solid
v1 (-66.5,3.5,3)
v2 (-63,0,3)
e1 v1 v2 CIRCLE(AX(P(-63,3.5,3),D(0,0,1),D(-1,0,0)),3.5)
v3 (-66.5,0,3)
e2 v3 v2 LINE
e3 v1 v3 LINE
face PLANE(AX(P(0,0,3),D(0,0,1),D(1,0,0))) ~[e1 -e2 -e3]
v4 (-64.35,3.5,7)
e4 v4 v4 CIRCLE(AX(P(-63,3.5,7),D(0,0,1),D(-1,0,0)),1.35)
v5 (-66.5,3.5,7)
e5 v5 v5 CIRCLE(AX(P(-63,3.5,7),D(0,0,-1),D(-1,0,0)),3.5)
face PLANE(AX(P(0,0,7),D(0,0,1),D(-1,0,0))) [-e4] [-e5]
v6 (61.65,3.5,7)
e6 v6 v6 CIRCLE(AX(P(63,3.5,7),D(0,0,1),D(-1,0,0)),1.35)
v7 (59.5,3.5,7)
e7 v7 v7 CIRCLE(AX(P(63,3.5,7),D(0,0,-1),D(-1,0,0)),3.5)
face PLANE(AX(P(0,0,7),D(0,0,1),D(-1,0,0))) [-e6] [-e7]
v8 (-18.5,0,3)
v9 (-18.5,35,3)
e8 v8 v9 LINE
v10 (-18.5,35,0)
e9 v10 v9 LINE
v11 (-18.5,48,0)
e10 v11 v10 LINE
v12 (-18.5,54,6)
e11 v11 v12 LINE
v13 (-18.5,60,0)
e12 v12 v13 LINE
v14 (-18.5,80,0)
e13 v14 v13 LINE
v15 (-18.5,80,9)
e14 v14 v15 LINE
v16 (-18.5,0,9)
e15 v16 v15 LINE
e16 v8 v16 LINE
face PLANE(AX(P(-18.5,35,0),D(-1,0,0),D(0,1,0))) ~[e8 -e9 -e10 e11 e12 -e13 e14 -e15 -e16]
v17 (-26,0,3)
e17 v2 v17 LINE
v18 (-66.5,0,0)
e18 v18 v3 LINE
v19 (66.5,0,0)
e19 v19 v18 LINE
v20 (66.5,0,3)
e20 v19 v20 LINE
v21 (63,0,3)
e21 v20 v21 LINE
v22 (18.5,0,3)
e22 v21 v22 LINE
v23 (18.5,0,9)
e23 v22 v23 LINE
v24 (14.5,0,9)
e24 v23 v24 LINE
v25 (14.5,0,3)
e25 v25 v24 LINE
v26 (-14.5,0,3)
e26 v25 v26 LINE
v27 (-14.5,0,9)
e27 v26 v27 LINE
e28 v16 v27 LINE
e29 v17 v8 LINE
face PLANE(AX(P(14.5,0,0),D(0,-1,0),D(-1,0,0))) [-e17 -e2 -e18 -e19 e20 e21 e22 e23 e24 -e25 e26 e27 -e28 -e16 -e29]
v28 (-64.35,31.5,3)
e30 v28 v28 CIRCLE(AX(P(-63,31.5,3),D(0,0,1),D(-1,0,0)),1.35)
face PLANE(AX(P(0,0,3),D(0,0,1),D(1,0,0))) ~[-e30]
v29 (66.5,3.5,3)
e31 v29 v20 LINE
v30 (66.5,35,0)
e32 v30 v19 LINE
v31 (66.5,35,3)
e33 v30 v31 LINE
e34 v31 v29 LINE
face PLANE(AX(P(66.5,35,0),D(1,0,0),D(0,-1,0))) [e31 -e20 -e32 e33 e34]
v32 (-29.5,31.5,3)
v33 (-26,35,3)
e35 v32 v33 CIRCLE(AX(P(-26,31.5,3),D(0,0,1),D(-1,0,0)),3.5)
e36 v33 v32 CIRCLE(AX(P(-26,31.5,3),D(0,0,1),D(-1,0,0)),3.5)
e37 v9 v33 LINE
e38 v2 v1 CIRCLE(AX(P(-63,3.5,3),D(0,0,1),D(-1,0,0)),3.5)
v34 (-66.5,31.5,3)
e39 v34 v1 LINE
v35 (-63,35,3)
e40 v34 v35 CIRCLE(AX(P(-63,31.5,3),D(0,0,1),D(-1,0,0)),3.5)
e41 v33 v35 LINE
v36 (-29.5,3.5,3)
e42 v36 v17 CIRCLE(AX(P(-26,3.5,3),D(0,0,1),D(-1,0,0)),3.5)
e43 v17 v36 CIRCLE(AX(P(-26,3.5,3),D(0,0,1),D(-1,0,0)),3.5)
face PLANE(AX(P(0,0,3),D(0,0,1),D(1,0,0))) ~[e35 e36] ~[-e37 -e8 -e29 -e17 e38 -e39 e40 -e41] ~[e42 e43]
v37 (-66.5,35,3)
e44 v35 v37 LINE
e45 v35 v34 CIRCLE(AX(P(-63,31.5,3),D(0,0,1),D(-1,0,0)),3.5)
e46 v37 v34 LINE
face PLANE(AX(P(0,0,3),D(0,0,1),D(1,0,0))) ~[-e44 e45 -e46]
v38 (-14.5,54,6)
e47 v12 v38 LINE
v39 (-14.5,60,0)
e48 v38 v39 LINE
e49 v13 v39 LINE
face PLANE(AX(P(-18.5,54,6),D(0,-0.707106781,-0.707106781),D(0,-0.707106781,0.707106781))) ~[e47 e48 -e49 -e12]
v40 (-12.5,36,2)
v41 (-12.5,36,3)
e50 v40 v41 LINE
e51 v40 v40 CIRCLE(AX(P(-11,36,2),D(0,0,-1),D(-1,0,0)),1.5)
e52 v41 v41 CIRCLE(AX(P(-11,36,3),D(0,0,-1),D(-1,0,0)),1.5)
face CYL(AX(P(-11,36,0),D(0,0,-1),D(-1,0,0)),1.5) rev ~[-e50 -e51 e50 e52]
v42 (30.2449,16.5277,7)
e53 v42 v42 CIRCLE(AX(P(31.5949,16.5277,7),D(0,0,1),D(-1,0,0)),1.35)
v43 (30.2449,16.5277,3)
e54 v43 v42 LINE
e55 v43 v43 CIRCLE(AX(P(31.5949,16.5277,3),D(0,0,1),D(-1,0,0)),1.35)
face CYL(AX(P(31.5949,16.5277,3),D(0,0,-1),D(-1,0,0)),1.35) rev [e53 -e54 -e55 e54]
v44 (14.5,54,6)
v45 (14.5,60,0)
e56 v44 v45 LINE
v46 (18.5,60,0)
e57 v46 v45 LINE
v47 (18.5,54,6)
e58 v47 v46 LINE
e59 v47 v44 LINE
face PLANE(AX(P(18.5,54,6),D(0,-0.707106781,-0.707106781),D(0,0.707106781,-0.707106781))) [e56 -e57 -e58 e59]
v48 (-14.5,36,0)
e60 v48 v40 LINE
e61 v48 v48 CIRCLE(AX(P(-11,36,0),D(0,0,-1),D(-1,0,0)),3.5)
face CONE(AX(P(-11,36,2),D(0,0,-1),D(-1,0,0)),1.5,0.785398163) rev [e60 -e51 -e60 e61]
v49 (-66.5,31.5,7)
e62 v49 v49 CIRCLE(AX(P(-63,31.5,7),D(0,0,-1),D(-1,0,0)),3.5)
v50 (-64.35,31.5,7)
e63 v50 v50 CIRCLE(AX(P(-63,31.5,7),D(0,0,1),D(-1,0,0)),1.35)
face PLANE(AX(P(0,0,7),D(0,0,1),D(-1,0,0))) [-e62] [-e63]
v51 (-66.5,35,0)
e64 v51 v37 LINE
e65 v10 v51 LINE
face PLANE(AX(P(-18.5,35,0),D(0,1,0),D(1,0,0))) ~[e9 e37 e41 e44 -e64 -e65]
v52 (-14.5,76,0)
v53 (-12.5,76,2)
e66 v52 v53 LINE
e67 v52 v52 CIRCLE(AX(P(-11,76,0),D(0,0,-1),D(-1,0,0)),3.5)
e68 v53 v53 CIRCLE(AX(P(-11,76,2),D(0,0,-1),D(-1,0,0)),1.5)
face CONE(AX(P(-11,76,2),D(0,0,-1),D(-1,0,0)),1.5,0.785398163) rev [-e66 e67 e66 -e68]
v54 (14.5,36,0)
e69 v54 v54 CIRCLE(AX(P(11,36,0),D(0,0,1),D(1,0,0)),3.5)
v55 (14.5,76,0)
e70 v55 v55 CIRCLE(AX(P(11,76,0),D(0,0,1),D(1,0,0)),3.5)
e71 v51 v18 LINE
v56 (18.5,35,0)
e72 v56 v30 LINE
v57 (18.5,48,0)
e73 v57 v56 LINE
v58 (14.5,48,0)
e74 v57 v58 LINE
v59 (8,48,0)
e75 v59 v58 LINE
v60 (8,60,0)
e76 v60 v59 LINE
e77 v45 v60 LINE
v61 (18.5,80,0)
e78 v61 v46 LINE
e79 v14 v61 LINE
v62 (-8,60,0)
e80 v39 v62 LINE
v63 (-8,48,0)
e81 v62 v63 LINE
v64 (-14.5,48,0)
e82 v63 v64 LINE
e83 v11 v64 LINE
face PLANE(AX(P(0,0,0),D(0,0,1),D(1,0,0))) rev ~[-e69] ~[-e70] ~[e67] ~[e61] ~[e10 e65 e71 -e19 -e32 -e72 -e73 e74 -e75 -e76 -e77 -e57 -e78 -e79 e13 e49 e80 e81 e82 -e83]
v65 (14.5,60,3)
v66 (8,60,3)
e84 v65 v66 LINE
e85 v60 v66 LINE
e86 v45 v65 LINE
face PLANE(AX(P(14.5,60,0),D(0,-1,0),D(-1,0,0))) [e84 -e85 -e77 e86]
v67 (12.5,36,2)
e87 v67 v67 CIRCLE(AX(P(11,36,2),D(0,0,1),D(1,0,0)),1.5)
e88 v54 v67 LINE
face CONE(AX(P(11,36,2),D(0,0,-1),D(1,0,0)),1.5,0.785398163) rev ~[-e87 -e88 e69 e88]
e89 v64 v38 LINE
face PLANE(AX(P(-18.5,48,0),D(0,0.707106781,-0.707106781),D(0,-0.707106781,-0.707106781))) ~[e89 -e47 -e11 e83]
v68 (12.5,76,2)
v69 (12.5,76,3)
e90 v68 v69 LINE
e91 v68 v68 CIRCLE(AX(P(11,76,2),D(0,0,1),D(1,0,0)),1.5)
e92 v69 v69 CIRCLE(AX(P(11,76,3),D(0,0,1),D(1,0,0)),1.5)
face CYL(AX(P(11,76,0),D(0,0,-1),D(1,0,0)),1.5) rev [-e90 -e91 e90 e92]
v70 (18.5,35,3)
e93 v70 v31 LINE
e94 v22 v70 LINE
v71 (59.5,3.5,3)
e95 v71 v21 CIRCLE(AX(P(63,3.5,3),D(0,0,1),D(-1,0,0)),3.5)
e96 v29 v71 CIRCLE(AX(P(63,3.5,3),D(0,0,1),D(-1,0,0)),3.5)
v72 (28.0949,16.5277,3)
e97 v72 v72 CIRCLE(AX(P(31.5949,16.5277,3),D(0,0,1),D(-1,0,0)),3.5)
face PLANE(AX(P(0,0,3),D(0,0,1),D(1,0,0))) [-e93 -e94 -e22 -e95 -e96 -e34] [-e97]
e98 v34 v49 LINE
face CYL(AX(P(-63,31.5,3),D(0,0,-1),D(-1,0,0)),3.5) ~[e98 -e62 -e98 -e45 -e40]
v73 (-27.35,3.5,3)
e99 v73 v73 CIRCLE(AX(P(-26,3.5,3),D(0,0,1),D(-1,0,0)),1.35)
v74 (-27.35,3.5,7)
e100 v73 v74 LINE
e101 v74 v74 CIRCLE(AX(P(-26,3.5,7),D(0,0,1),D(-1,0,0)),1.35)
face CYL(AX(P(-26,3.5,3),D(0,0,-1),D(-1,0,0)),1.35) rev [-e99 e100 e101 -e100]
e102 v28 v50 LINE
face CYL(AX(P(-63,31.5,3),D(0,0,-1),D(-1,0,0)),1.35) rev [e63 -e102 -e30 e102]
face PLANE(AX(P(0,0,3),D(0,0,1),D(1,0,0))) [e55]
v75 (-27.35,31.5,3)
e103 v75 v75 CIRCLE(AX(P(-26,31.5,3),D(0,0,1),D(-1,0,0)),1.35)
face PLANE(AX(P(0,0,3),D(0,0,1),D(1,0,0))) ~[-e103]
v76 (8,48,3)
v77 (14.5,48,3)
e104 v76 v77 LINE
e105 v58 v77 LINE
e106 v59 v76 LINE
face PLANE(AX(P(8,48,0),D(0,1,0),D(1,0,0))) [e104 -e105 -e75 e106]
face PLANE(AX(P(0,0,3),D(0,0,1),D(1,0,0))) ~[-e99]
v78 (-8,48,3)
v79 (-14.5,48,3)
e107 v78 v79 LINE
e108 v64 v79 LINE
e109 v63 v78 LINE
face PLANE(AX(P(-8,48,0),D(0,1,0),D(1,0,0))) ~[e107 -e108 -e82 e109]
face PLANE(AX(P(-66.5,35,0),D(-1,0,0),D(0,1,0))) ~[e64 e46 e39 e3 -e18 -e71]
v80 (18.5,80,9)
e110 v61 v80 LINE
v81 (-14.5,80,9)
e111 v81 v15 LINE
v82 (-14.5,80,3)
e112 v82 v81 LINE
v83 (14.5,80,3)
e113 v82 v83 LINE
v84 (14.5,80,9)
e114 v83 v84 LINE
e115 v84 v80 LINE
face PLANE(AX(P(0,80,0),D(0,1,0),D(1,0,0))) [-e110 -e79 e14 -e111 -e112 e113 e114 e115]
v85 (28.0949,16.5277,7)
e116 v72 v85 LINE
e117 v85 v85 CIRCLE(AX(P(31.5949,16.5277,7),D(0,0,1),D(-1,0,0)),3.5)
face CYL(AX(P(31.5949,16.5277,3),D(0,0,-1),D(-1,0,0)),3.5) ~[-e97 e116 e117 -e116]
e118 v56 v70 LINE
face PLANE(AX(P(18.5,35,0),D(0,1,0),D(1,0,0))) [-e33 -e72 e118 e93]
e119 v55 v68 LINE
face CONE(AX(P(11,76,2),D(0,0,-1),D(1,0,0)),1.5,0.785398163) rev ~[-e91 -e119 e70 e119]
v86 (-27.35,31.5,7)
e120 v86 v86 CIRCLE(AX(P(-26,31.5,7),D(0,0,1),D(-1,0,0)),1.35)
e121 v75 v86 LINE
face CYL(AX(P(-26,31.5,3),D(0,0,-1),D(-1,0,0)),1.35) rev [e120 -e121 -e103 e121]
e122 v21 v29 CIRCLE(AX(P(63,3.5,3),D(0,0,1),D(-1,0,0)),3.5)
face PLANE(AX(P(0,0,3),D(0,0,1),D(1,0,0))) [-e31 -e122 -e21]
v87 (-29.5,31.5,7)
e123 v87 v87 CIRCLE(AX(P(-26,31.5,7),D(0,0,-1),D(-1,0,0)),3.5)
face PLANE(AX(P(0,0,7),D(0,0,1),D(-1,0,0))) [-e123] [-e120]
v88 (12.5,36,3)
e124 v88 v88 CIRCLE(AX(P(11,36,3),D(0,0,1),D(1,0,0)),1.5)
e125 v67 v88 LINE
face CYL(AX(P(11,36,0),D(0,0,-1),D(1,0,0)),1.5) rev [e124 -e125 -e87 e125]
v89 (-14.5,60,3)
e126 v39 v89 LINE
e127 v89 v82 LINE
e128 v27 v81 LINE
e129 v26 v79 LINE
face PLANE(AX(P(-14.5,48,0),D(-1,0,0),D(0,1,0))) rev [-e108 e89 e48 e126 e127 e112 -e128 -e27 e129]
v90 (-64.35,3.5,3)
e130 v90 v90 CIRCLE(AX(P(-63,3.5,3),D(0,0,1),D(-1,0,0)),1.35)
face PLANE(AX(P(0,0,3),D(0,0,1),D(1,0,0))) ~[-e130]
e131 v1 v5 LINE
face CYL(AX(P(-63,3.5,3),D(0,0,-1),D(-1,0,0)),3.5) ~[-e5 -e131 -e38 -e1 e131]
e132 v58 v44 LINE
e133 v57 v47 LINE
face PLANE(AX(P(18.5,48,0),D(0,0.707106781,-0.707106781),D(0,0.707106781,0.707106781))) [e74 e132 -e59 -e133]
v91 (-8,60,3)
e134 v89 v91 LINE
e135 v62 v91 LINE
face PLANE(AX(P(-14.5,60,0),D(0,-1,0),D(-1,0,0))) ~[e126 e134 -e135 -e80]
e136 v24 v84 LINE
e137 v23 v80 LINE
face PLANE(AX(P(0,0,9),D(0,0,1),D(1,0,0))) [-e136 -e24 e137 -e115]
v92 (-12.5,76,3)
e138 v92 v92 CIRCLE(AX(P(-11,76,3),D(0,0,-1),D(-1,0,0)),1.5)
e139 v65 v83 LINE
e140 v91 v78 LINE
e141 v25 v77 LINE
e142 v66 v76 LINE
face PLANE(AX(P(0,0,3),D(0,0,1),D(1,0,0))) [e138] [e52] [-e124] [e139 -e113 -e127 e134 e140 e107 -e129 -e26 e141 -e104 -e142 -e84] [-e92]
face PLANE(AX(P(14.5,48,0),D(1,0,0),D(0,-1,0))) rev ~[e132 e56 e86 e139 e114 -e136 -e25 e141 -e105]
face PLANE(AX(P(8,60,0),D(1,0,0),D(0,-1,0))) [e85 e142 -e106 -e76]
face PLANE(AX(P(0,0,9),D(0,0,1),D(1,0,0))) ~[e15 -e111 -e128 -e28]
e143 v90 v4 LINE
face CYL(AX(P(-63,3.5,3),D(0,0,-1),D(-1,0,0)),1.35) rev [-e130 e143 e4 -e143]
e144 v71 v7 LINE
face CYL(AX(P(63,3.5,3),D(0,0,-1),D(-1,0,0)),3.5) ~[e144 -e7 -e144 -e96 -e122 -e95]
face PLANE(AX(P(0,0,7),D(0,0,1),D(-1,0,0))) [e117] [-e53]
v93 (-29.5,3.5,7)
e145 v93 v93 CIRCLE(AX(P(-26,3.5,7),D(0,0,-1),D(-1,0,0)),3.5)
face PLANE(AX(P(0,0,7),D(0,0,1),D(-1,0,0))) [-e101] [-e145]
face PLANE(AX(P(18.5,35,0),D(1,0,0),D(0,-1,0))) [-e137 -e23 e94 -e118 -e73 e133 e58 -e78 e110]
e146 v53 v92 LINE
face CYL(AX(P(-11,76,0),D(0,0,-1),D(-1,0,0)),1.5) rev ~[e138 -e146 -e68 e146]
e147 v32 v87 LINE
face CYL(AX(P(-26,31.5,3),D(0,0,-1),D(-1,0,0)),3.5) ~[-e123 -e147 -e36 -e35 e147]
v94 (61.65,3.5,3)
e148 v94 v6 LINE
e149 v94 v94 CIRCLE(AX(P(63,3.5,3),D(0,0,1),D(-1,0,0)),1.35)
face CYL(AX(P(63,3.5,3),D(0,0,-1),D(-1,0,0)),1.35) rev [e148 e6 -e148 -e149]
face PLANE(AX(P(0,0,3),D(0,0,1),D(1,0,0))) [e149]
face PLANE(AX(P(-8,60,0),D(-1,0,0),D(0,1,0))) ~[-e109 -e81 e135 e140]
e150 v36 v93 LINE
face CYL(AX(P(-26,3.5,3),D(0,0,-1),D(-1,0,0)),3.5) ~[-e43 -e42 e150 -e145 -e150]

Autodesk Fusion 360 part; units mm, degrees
sketch "Sketch1" plane through (0, 0, 0) normal (0, 0, 1) x (1, 0, 0) in component "Base"
  line L0 (0, 0) -> (0, 80)
  line L1 (0, 80) -> (18.5, 80)
  line L2 (18.5, 80) -> (18.5, 35)
  line L3 (18.5, 35) -> (66.5, 35)
  line L4 (66.5, 35) -> (66.5, 0)
  line L5 (66.5, 0) -> (0, 0)
  circle A0 centre (11, 76) radius 1.5
  circle A1 centre (11, 36) radius 1.5
  line L6 (14.5, 80) -> (14.5, 0)
  line L7 (18.5, 35) -> (18.5, 0)
  line L8 (8, 60) -> (8, 48)
  line L9 (8, 48) -> (14.5, 48)
  line L10 (14.5, 48) -> (14.5, 60)
  line L11 (14.5, 60) -> (8, 60)
  dimension "d1" = 80
  dimension "d4" = 3
  dimension "d5" = 11
  dimension "d8" = 0
  dimension "d9" = -40
  dimension "d10" = 4
  dimension "d17" = 14.5
  dimension "d18" = 4
  dimension "d21" = 48
  dimension "d22" = 35
  dimension "d100" = 12
  dimension "d101" = 16
  dimension "d102" = 14.5
  dimension "d103" = 8
extrude "Extrude1" add sketch "Sketch1" along normal blind 3 contours L0 L1 L5 L6 L8 L9 L11 | L1 L2 L5 L6 L7 L10 | L3 L4 L5 L7 in component "Base"
extrude "Extrude2" add sketch "Sketch1" along normal blind 9 contours L1 L2 L5 L6 L7 L10 in component "Base"
chamfer "Chamfer1" distance 2 angle 45 2 edges at (9.6015, 76.5424, 0) (9.6015, 36.5424, 0) in component "Base"
sketch "Sketch7" plane through (18.5, 0, 0) normal (1, 0, 0) x (0, 1, 0) in component "Base"
  line L0 (35, 0) -> (80, 0)
  line L1 (80, 0) -> (80, 9)
  line L2 (80, 9) -> (0, 9)
  line L3 (0, 9) -> (0, 3)
  line L4 (0, 3) -> (35, 3)
  line L5 (35, 3) -> (35, 0)
  line L6 (48, 0) -> (54, 6)
  line L7 (54, 6) -> (60, 0)
  line L8 (48, 0) -> (60, 0)
  dimension "d104" = 45
  dimension "d105" = 45
  dimension "d106" = 20
  dimension "d107" = 12
extrude "Extrude10" cut sketch "Sketch7" against normal blind 4 contours L0 L6 L7 L8 in component "Base"
mirror "Mirror1" about plane through (0, 0, 0) normal (1, 0, 0) of bodies 1 merged in component "Base"
sketch "Sketch2" plane through (0, 0, 3) normal (0, 0, 1) x (-1, 0, 0) in component "Base"
  line L0 (18.5, 0) -> (18.5, -35)
  line L1 (18.5, -35) -> (66.5, -35)
  line L2 (66.5, -35) -> (66.5, 0)
  line L3 (66.5, 0) -> (18.5, 0)
  circle A0 centre (63, -31.5) radius 3.5
  circle A1 centre (26, -31.5) radius 3.5
  circle A2 centre (63, -3.5) radius 3.5
  circle A3 centre (26, -3.5) radius 3.5
  circle A4 centre (63, -31.5) radius 1.35
  circle A5 centre (26, -31.5) radius 1.35
  circle A6 centre (63, -3.5) radius 1.35
  circle A7 centre (26, -3.5) radius 1.35
  dimension "d23" = 7
  dimension "d26" = -37
  dimension "d27" = 28
  dimension "d97" = 2.7
extrude "Extrude3" add sketch "Sketch2" along normal blind 4 contours A1 | A3 | A2 | A0 in component "Base"
sketch "Sketch5" plane through (0, 0, 3) normal (0, 0, 1) x (-1, 0, 0) in component "Base"
  line L0 (-18.5, -35) -> (-18.5, 0)
  line L1 (-18.5, 0) -> (-66.5, 0)
  line L2 (-66.5, 0) -> (-66.5, -35)
  line L3 (-66.5, -35) -> (-18.5, -35)
  circle A0 centre (-31.5949, -16.5277) radius 3.5
  circle A1 centre (-63, -3.5) radius 3.5
  circle A2 centre (-31.5949, -16.5277) radius 1.35
  circle A3 centre (-63, -3.5) radius 1.35
  line L4 (-66.5, -35) -> (-66.5, 0)
  line L5 (-66.5, 0) -> (0, 0)
  dimension "d68" = 7
  dimension "d69" = 7
  dimension "d70" = 34
  dimension "d93" = 2.7
  dimension "d94" = 2.7
extrude "Extrude8" add sketch "Sketch5" along normal blind 4 contours A1 | A0 in component "Base"
component "Base" placed x (1, 0, 0) y (0, 1, 0) z (0, 0, 1) at (0, 0, 0)
equation "d5 = ( 22 / 2 ) * 1 mm"
equation "d17 = ( 29 / 2 ) * 1 mm"
